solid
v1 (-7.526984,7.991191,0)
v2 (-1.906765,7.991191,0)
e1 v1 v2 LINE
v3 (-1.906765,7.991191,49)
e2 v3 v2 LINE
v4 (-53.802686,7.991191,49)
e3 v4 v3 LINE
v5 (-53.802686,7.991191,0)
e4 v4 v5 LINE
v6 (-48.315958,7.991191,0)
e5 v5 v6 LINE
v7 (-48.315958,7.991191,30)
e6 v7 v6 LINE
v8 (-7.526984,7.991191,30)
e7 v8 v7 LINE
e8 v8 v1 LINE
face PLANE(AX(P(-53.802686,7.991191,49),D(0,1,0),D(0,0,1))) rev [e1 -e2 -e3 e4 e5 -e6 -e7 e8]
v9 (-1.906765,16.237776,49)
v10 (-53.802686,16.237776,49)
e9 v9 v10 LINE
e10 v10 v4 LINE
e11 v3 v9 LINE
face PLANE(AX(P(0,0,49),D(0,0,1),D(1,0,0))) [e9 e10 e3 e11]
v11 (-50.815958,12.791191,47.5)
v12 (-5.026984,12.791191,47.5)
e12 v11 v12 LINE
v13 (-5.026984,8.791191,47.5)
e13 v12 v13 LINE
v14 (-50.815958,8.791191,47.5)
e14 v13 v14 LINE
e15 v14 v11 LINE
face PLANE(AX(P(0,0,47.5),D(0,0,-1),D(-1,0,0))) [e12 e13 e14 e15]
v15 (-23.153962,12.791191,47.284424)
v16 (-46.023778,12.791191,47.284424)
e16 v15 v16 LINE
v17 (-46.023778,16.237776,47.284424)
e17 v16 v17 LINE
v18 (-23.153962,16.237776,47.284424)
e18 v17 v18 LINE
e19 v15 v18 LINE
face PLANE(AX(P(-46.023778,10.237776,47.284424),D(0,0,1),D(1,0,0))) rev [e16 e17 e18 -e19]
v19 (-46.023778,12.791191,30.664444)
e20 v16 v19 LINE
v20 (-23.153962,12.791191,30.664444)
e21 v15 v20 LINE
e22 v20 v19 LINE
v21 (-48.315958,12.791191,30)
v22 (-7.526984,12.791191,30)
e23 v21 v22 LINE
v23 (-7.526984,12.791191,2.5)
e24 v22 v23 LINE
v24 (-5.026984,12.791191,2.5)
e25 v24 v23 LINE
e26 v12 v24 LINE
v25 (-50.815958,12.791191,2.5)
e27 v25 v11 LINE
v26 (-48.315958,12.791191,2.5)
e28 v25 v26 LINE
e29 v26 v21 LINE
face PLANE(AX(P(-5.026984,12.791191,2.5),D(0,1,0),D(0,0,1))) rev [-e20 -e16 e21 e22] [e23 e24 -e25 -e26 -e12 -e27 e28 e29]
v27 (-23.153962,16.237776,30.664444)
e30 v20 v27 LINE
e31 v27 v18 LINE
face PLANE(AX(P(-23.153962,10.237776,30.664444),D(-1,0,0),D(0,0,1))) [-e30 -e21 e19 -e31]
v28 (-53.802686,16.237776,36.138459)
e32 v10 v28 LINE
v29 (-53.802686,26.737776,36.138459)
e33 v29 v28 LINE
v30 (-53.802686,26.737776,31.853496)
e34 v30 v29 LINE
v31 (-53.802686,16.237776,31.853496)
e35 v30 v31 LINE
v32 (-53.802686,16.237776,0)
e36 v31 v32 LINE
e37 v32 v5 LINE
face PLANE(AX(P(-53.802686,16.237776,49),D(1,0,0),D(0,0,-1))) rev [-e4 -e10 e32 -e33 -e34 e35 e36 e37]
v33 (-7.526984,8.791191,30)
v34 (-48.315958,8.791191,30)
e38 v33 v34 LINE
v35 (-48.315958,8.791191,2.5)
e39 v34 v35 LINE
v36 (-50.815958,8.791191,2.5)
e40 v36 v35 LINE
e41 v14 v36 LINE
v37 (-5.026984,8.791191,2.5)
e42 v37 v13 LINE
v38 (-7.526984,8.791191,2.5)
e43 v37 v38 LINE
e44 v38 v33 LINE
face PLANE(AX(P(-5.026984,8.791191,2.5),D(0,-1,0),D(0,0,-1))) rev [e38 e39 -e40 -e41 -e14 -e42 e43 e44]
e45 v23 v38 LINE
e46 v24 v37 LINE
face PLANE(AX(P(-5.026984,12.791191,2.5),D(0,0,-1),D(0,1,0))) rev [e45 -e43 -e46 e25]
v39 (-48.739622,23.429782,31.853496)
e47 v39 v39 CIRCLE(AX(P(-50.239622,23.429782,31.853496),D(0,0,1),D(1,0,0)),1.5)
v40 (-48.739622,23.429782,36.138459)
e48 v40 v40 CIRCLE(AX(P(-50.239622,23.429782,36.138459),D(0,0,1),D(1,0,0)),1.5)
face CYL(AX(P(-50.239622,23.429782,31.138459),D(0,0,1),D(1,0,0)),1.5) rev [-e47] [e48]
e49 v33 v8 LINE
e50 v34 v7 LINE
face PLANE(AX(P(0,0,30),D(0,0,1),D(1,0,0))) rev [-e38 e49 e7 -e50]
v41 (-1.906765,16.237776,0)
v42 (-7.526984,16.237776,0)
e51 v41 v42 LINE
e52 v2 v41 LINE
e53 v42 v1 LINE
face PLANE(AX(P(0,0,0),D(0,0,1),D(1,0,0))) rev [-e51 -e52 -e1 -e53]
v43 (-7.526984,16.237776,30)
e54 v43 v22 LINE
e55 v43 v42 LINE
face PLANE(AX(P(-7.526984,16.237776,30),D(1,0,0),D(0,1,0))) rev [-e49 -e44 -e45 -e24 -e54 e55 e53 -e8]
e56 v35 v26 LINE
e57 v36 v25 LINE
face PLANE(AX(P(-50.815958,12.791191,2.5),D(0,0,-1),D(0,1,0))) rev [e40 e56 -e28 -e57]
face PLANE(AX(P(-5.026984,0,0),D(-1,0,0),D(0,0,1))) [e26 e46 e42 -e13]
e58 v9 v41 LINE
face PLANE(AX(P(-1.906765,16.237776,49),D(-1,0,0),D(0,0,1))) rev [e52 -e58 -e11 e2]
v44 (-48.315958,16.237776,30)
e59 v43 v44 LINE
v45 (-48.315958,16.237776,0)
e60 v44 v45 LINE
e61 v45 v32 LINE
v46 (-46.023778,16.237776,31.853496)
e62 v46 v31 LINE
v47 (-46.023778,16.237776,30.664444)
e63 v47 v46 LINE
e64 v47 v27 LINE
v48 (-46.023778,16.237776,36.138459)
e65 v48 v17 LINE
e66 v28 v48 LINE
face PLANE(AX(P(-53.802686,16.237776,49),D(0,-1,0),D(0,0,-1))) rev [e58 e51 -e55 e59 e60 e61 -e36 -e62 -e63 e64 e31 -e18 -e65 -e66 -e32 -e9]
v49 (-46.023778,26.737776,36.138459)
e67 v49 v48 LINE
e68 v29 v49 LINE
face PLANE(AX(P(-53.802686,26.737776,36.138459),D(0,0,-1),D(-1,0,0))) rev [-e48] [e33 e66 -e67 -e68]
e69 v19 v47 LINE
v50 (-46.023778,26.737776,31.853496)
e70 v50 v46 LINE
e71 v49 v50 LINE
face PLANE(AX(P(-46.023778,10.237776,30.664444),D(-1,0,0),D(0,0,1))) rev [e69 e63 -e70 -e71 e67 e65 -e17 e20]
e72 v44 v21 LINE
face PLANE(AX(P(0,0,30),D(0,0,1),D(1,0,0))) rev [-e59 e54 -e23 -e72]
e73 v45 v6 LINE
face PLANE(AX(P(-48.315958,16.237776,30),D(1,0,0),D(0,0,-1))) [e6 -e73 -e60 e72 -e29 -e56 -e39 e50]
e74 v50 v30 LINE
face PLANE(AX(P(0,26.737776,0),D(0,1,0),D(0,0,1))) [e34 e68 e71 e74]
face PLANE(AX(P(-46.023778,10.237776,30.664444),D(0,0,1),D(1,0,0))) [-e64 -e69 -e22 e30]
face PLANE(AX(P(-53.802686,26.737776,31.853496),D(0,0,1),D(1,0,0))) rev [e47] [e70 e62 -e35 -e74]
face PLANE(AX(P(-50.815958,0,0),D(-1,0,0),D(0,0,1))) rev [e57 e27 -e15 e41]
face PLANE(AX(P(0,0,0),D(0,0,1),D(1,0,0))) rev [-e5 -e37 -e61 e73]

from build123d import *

# Parameters (mm, degrees)
SKETCH2_W           = 51.895920804
SKETCH2_H           = 8.246585089
BOSS_EXTRUDE1_DEPTH = 49
SKETCH3_W           = 40.788974389
SKETCH3_H           = 8.246585089
CUT_EXTRUDE1_DEPTH  = 30
SKETCH4_W           = 22.869815576
SKETCH4_H           = 16.619980412
CUT_EXTRUDE2_DEPTH  = 6
SKETCH5_W           = 27.5
SKETCH5_H           = 4
CUT_EXTRUDE3_DEPTH  = 2.5
SKETCH12_W          = 27.5
SKETCH12_H          = 4
CUT_EXTRUDE6_DEPTH  = 2.5
SKETCH15_W          = 45.788974389
SKETCH15_H          = 4
CUT_EXTRUDE7_DEPTH  = 17.5
SKETCH17_W          = 7.778908367
SKETCH17_H          = 4.284963324
BOSS_EXTRUDE2_DEPTH = 10.5
SKETCH18_R          = 1.5
CUT_EXTRUDE8_DEPTH  = 5


with BuildPart() as part:
    # Sketch2 → Boss-Extrude1 (new body)
    with BuildSketch(Plane.XY):
        with Locations((-27.854725768, 12.114483507)):
            Rectangle(SKETCH2_W, SKETCH2_H)
    extrude(amount=BOSS_EXTRUDE1_DEPTH)

    # Sketch3 → Cut-Extrude1 (cut)
    with BuildSketch(Plane(origin=(0, 0, 0), x_dir=(-1, 0, 0), z_dir=(0, 0, -1))):
        with Locations((27.921471274, 12.114483507)):
            Rectangle(SKETCH3_W, SKETCH3_H)
    extrude(amount=-CUT_EXTRUDE1_DEPTH, mode=Mode.SUBTRACT)

    # Sketch4 → Cut-Extrude2 (cut)
    with BuildSketch(Plane(origin=(0, 16.237776051, 0), x_dir=(1, 0, 0), z_dir=(0, 1, 0))):
        with Locations((-34.588870015, -38.97443395)):
            Rectangle(SKETCH4_W, SKETCH4_H)
    extrude(amount=-CUT_EXTRUDE2_DEPTH, mode=Mode.SUBTRACT)

    # Sketch5 → Cut-Extrude3 (cut)
    with BuildSketch(Plane.ZY.offset(7.52698408)):
        with Locations((16.25, 10.791190962)):
            Rectangle(SKETCH5_W, SKETCH5_H)
    extrude(amount=-CUT_EXTRUDE3_DEPTH, mode=Mode.SUBTRACT)

    # Sketch12 → Cut-Extrude6 (cut)
    with BuildSketch(Plane(origin=(-48.315958469, 0, 0), x_dir=(0, 0, -1), z_dir=(1, 0, 0))):
        with Locations((-16.25, 10.791190962)):
            Rectangle(SKETCH12_W, SKETCH12_H)
    extrude(amount=-CUT_EXTRUDE6_DEPTH, mode=Mode.SUBTRACT)

    # Sketch15 → Cut-Extrude7 (cut)
    with BuildSketch(Plane(origin=(0, 0, 30), x_dir=(-1, 0, 0), z_dir=(0, 0, -1))):
        with Locations((27.921471274, 10.791190962)):
            Rectangle(SKETCH15_W, SKETCH15_H)
    extrude(amount=-CUT_EXTRUDE7_DEPTH, mode=Mode.SUBTRACT)

    # Sketch17 → Boss-Extrude2 (add)
    with BuildSketch(Plane(origin=(0, 16.237776051, 0), x_dir=(1, 0, 0), z_dir=(0, 1, 0))):
        with Locations((-49.913231987, -33.995977251)):
            Rectangle(SKETCH17_W, SKETCH17_H)
    extrude(amount=BOSS_EXTRUDE2_DEPTH)

    # Sketch18 → Cut-Extrude8 (cut)
    with BuildSketch(Plane.XY.offset(36.138458913)):
        with Locations((-50.239621596, 23.429782287)):
            Circle(SKETCH18_R)
    extrude(amount=-CUT_EXTRUDE8_DEPTH, mode=Mode.SUBTRACT)


solid = part.part
